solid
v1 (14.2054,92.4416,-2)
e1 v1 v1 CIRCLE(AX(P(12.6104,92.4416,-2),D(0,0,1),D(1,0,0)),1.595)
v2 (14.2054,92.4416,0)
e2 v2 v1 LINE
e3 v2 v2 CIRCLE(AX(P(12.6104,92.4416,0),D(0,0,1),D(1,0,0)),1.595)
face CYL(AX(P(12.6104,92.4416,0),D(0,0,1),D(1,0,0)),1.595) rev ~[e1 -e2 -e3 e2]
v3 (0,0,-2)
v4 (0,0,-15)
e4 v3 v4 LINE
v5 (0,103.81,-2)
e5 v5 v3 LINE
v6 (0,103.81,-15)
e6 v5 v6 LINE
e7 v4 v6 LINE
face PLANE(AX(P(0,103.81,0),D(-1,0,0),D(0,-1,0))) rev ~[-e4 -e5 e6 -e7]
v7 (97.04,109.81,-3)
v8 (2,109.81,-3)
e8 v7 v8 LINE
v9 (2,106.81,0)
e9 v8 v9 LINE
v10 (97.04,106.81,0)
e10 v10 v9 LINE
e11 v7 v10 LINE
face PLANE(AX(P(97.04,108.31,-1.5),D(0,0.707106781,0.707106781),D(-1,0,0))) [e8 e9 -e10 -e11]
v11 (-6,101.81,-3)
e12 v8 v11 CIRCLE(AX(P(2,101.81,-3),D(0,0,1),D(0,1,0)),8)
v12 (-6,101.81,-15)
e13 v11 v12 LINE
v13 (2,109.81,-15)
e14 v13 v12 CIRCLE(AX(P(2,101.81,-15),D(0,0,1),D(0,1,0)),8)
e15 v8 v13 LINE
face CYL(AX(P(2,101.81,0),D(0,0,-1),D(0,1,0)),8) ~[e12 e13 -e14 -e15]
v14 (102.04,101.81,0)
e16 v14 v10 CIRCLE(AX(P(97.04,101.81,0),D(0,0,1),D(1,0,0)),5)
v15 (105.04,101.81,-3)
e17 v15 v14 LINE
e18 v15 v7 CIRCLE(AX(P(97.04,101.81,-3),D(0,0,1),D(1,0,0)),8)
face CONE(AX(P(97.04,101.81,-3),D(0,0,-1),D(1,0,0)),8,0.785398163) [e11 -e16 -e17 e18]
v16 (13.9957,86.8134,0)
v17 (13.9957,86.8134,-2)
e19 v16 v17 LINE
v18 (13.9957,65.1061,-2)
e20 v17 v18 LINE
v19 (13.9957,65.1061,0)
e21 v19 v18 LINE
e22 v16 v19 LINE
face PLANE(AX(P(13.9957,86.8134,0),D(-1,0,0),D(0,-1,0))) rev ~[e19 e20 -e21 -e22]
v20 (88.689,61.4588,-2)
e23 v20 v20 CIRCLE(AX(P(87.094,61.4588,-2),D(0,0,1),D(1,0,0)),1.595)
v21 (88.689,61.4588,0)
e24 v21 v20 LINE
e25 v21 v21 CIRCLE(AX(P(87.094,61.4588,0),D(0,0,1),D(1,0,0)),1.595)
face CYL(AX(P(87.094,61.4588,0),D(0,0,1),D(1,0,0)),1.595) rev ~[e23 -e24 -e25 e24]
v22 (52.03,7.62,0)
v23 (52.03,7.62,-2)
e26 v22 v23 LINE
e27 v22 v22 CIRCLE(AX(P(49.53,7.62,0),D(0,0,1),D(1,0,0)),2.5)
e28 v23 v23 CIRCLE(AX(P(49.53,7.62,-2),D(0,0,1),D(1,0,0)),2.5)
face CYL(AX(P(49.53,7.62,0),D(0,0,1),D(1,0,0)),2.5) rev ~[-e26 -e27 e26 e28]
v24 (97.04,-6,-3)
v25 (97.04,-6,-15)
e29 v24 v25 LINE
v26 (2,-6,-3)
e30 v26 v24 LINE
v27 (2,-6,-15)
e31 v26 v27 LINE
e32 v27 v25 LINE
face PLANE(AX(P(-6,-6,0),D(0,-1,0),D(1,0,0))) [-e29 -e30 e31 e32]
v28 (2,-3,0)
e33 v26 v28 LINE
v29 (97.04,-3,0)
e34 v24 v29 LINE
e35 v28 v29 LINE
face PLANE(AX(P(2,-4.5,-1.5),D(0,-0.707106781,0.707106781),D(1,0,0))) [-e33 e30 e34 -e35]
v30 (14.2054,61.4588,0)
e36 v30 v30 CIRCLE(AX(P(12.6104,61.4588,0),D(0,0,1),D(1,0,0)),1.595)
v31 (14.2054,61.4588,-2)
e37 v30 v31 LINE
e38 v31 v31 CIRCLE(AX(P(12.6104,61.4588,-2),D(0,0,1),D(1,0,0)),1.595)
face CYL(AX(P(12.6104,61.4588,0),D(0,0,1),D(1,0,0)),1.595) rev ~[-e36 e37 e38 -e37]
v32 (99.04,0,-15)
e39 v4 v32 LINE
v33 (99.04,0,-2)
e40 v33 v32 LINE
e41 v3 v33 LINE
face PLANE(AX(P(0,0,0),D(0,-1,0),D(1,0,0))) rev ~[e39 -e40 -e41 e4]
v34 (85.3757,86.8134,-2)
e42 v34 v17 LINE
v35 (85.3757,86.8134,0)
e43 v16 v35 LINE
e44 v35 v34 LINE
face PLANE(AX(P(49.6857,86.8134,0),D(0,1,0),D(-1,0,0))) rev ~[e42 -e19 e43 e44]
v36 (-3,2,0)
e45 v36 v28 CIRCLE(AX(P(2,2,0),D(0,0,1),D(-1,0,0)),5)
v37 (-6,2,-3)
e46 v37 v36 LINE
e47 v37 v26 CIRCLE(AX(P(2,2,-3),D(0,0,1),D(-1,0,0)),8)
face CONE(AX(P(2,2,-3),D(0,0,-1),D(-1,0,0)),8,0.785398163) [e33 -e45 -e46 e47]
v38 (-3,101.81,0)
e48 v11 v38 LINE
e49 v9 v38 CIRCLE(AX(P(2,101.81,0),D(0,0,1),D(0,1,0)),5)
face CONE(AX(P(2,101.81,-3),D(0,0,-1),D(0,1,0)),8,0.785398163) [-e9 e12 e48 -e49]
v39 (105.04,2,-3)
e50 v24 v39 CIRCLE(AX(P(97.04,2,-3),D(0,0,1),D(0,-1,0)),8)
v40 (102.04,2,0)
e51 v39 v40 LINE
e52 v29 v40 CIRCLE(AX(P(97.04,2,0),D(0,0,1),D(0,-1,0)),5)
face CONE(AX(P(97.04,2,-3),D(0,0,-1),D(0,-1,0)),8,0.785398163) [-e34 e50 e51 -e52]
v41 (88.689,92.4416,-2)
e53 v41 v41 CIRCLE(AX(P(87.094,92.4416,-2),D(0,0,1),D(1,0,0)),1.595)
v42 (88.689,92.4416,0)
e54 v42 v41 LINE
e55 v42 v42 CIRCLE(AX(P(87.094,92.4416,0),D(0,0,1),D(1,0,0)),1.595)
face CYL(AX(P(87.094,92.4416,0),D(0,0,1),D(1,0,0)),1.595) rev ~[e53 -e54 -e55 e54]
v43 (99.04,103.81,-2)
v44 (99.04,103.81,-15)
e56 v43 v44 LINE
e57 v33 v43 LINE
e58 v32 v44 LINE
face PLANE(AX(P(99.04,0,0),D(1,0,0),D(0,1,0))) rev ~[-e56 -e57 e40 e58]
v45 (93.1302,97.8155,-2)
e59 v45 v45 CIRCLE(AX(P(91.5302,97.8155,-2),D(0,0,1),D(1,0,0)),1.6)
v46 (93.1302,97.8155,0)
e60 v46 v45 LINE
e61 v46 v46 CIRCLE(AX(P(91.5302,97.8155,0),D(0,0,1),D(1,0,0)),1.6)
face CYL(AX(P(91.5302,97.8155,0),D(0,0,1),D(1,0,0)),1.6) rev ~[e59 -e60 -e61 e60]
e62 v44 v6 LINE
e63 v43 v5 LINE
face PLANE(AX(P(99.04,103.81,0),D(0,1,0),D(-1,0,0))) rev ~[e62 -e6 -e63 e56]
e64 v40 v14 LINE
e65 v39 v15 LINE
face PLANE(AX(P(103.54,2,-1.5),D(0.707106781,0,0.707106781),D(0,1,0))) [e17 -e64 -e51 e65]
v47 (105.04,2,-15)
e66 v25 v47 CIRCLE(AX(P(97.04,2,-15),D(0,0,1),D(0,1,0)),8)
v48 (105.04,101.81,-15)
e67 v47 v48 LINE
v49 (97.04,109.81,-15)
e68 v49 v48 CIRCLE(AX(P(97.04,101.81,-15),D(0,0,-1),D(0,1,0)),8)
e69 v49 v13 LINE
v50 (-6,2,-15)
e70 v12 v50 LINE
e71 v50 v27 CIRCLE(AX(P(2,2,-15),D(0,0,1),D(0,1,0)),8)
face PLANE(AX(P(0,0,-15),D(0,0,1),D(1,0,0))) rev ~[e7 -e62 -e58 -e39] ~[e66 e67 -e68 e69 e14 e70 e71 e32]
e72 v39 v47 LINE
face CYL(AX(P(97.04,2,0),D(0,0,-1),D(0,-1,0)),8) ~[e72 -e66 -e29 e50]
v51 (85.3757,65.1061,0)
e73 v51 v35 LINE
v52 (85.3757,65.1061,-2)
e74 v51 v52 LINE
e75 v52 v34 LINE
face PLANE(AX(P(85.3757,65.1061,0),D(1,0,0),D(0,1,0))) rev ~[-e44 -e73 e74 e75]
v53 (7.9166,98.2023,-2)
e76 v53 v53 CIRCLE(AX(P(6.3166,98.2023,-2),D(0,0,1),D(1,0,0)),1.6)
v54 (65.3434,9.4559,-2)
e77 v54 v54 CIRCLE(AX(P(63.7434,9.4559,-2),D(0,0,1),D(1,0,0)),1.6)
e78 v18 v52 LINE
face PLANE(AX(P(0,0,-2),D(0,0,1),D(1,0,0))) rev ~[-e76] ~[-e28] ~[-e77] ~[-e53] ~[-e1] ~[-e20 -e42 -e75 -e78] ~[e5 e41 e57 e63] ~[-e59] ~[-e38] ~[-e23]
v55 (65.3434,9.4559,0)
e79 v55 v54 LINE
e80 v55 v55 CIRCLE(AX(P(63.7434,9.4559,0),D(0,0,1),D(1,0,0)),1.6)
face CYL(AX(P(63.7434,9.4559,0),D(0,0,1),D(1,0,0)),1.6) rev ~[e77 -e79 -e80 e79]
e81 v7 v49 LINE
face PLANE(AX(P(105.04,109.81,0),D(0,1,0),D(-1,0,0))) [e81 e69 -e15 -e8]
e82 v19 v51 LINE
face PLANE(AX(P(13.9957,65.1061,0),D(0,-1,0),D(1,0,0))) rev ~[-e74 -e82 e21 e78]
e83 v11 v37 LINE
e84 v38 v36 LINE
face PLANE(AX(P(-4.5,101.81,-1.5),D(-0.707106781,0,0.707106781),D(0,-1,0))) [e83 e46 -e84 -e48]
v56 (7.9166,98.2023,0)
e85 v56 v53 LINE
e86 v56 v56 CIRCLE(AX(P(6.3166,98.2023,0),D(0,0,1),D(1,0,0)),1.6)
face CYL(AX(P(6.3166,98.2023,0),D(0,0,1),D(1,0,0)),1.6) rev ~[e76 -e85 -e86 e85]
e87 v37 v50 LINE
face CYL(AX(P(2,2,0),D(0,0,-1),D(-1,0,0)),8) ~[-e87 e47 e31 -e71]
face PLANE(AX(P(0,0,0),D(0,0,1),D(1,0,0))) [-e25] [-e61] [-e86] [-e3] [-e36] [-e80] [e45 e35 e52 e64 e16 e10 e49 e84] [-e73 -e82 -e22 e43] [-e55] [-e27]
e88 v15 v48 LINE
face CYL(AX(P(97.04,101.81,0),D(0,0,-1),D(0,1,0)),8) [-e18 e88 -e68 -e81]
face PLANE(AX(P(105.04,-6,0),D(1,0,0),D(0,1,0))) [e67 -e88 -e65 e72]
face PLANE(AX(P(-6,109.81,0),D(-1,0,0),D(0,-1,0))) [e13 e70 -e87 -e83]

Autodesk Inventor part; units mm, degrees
ref_plane "YZ Plane" through (0, 0, 0) normal (1, 0, 0) x (0, 1, 0)
ref_plane "XZ Plane" through (0, 0, 0) normal (0, 1, 0) x (-1, 0, 0)
ref_plane "XY Plane" through (0, 0, 0) normal (0, 0, 1) x (1, 0, 0)
sketch "Sketch1" plane through (0, 0, 0) normal (0, 0, 1) x (1, 0, 0)
  line L0 (0, 103.81) -> (0, 0)
  line L1 (99.04, 103.81) -> (0, 103.81)
  line L2 (99.04, 0) -> (99.04, 103.81)
  circle A0 centre (91.5302, 97.8155) radius 1.6
  circle A1 centre (6.3166, 98.2023) radius 1.6
  circle A2 centre (63.7434, 9.4559) radius 1.6
  line L3 (-2.8877, 39.67) -> (-2.8877, 25.07)
  line L4 (18.04, 39.67) -> (-2.8877, 39.67)
  line L5 (-2.8877, 25.07) -> (18.04, 25.07)
  line L6 (5.99, 20.97) -> (-0.5, 20.97)
  line L7 (-0.5, 20.97) -> (-0.5, 9.286)
  line L8 (-0.5, 9.286) -> (5.99, 9.286)
  line L9 (5.99, 9.286) -> (5.99, 20.97)
  line L10 (18.04, 25.07) -> (18.04, 39.67)
  line L11 (0, 0) -> (99.04, 0)
  line L12 (-2, 105.81) -> (-2, -2)
  line L13 (-2, -2) -> (101.04, -2)
  line L14 (101.04, -2) -> (101.04, 105.81)
  line L15 (101.04, 105.81) -> (-2, 105.81)
  line L16 (-6, 109.81) -> (-6, -6)
  line L17 (-6, -6) -> (105.04, -6)
  line L18 (105.04, -6) -> (105.04, 109.81)
  line L19 (105.04, 109.81) -> (-6, 109.81)
  circle A3 centre (49.53, 7.62) radius 1.55
  point P0 (0, 20.97)
  point P1 (0, 9.286)
  dimension "d0" = 2
  dimension "d1" = 4
extrude "Extrusion3" add sketch "Sketch1" against normal blind 15 contours L0 L4 L12 L15 L14 L13 L5 L6 L7 L8 L11 L2 L1 | L0 L5 L12 L4 | L12 L5 L3 L4 | L0 L8 L7 L6 | L19 L18 L17 L16
extrude "Extrusion4" add sketch "Sketch1" against normal blind 2 contours L1 L2 L11 L0 L8 L9 L6 L5 L10 L4 | L4 L10 L5 L0 | L6 L9 L8 L0 | A3
fillet "Fillet2" radius 8 4 edges at (105.04, -6, -7.5) (-6, -6, -7.5) (-6, 109.81, -7.5) (105.04, 109.81, -7.5)
chamfer "Chamfer2" distance 3 angle 45 8 edges at (-6, 51.905, 0) (-3.6569, -3.6569, 0) (49.52, -6, 0) (102.6969, -3.6569, 0) (105.04, 51.905, 0) (102.6969, 107.4669, 0) (49.52, 109.81, 0) (-3.6569, 107.4669, 0)
sketch "Sketch2" plane through (0, 0, 0) normal (0, 0, 1) x (1, 0, 0)
  circle A0 centre (49.53, 7.62) radius 1.55 projected
  circle A1 centre (49.53, 7.62) radius 2.5
  point P0 (0, 0)
  dimension "d18" = 5
extrude "Extrusion5" cut sketch "Sketch2" against normal blind 2 contours A0 | A1
sketch "Sketch3" plane through (0, 0, 0) normal (0, 0, 1) x (1, 0, 0)
  line L0 (9.9957, 94.7225) -> (9.9957, 59.1825)
  line L1 (9.9957, 59.1825) -> (90.0757, 59.1825)
  line L2 (90.0757, 59.1825) -> (90.0757, 94.7225)
  line L3 (90.0757, 94.7225) -> (9.9957, 94.7225)
  circle A0 centre (12.6104, 92.4416) radius 1.595
  circle A1 centre (87.094, 61.4588) radius 1.595
  line L4 (13.9957, 86.8134) -> (13.9957, 65.1061)
  line L5 (85.3757, 86.8134) -> (13.9957, 86.8134)
  line L6 (85.3757, 65.1061) -> (85.3757, 86.8134)
  line L7 (13.9957, 65.1061) -> (85.3757, 65.1061)
  circle A2 centre (87.094, 92.4416) radius 1.595
  circle A3 centre (12.6104, 61.4588) radius 1.595
  line L8 (49.6857, 86.8134) -> (49.6857, 75.9598)
  line L9 (2, 106.81) -> (97.04, 106.81) projected
  point P0 (0, 0)
  point P1 (55.3023, 77.61)
extrude "Extrusion6" cut sketch "Sketch3" against normal blind 2 contours A0 | A1 | L5 L6 L7 L4 | A2 | A3
properties part number "Tampa"
